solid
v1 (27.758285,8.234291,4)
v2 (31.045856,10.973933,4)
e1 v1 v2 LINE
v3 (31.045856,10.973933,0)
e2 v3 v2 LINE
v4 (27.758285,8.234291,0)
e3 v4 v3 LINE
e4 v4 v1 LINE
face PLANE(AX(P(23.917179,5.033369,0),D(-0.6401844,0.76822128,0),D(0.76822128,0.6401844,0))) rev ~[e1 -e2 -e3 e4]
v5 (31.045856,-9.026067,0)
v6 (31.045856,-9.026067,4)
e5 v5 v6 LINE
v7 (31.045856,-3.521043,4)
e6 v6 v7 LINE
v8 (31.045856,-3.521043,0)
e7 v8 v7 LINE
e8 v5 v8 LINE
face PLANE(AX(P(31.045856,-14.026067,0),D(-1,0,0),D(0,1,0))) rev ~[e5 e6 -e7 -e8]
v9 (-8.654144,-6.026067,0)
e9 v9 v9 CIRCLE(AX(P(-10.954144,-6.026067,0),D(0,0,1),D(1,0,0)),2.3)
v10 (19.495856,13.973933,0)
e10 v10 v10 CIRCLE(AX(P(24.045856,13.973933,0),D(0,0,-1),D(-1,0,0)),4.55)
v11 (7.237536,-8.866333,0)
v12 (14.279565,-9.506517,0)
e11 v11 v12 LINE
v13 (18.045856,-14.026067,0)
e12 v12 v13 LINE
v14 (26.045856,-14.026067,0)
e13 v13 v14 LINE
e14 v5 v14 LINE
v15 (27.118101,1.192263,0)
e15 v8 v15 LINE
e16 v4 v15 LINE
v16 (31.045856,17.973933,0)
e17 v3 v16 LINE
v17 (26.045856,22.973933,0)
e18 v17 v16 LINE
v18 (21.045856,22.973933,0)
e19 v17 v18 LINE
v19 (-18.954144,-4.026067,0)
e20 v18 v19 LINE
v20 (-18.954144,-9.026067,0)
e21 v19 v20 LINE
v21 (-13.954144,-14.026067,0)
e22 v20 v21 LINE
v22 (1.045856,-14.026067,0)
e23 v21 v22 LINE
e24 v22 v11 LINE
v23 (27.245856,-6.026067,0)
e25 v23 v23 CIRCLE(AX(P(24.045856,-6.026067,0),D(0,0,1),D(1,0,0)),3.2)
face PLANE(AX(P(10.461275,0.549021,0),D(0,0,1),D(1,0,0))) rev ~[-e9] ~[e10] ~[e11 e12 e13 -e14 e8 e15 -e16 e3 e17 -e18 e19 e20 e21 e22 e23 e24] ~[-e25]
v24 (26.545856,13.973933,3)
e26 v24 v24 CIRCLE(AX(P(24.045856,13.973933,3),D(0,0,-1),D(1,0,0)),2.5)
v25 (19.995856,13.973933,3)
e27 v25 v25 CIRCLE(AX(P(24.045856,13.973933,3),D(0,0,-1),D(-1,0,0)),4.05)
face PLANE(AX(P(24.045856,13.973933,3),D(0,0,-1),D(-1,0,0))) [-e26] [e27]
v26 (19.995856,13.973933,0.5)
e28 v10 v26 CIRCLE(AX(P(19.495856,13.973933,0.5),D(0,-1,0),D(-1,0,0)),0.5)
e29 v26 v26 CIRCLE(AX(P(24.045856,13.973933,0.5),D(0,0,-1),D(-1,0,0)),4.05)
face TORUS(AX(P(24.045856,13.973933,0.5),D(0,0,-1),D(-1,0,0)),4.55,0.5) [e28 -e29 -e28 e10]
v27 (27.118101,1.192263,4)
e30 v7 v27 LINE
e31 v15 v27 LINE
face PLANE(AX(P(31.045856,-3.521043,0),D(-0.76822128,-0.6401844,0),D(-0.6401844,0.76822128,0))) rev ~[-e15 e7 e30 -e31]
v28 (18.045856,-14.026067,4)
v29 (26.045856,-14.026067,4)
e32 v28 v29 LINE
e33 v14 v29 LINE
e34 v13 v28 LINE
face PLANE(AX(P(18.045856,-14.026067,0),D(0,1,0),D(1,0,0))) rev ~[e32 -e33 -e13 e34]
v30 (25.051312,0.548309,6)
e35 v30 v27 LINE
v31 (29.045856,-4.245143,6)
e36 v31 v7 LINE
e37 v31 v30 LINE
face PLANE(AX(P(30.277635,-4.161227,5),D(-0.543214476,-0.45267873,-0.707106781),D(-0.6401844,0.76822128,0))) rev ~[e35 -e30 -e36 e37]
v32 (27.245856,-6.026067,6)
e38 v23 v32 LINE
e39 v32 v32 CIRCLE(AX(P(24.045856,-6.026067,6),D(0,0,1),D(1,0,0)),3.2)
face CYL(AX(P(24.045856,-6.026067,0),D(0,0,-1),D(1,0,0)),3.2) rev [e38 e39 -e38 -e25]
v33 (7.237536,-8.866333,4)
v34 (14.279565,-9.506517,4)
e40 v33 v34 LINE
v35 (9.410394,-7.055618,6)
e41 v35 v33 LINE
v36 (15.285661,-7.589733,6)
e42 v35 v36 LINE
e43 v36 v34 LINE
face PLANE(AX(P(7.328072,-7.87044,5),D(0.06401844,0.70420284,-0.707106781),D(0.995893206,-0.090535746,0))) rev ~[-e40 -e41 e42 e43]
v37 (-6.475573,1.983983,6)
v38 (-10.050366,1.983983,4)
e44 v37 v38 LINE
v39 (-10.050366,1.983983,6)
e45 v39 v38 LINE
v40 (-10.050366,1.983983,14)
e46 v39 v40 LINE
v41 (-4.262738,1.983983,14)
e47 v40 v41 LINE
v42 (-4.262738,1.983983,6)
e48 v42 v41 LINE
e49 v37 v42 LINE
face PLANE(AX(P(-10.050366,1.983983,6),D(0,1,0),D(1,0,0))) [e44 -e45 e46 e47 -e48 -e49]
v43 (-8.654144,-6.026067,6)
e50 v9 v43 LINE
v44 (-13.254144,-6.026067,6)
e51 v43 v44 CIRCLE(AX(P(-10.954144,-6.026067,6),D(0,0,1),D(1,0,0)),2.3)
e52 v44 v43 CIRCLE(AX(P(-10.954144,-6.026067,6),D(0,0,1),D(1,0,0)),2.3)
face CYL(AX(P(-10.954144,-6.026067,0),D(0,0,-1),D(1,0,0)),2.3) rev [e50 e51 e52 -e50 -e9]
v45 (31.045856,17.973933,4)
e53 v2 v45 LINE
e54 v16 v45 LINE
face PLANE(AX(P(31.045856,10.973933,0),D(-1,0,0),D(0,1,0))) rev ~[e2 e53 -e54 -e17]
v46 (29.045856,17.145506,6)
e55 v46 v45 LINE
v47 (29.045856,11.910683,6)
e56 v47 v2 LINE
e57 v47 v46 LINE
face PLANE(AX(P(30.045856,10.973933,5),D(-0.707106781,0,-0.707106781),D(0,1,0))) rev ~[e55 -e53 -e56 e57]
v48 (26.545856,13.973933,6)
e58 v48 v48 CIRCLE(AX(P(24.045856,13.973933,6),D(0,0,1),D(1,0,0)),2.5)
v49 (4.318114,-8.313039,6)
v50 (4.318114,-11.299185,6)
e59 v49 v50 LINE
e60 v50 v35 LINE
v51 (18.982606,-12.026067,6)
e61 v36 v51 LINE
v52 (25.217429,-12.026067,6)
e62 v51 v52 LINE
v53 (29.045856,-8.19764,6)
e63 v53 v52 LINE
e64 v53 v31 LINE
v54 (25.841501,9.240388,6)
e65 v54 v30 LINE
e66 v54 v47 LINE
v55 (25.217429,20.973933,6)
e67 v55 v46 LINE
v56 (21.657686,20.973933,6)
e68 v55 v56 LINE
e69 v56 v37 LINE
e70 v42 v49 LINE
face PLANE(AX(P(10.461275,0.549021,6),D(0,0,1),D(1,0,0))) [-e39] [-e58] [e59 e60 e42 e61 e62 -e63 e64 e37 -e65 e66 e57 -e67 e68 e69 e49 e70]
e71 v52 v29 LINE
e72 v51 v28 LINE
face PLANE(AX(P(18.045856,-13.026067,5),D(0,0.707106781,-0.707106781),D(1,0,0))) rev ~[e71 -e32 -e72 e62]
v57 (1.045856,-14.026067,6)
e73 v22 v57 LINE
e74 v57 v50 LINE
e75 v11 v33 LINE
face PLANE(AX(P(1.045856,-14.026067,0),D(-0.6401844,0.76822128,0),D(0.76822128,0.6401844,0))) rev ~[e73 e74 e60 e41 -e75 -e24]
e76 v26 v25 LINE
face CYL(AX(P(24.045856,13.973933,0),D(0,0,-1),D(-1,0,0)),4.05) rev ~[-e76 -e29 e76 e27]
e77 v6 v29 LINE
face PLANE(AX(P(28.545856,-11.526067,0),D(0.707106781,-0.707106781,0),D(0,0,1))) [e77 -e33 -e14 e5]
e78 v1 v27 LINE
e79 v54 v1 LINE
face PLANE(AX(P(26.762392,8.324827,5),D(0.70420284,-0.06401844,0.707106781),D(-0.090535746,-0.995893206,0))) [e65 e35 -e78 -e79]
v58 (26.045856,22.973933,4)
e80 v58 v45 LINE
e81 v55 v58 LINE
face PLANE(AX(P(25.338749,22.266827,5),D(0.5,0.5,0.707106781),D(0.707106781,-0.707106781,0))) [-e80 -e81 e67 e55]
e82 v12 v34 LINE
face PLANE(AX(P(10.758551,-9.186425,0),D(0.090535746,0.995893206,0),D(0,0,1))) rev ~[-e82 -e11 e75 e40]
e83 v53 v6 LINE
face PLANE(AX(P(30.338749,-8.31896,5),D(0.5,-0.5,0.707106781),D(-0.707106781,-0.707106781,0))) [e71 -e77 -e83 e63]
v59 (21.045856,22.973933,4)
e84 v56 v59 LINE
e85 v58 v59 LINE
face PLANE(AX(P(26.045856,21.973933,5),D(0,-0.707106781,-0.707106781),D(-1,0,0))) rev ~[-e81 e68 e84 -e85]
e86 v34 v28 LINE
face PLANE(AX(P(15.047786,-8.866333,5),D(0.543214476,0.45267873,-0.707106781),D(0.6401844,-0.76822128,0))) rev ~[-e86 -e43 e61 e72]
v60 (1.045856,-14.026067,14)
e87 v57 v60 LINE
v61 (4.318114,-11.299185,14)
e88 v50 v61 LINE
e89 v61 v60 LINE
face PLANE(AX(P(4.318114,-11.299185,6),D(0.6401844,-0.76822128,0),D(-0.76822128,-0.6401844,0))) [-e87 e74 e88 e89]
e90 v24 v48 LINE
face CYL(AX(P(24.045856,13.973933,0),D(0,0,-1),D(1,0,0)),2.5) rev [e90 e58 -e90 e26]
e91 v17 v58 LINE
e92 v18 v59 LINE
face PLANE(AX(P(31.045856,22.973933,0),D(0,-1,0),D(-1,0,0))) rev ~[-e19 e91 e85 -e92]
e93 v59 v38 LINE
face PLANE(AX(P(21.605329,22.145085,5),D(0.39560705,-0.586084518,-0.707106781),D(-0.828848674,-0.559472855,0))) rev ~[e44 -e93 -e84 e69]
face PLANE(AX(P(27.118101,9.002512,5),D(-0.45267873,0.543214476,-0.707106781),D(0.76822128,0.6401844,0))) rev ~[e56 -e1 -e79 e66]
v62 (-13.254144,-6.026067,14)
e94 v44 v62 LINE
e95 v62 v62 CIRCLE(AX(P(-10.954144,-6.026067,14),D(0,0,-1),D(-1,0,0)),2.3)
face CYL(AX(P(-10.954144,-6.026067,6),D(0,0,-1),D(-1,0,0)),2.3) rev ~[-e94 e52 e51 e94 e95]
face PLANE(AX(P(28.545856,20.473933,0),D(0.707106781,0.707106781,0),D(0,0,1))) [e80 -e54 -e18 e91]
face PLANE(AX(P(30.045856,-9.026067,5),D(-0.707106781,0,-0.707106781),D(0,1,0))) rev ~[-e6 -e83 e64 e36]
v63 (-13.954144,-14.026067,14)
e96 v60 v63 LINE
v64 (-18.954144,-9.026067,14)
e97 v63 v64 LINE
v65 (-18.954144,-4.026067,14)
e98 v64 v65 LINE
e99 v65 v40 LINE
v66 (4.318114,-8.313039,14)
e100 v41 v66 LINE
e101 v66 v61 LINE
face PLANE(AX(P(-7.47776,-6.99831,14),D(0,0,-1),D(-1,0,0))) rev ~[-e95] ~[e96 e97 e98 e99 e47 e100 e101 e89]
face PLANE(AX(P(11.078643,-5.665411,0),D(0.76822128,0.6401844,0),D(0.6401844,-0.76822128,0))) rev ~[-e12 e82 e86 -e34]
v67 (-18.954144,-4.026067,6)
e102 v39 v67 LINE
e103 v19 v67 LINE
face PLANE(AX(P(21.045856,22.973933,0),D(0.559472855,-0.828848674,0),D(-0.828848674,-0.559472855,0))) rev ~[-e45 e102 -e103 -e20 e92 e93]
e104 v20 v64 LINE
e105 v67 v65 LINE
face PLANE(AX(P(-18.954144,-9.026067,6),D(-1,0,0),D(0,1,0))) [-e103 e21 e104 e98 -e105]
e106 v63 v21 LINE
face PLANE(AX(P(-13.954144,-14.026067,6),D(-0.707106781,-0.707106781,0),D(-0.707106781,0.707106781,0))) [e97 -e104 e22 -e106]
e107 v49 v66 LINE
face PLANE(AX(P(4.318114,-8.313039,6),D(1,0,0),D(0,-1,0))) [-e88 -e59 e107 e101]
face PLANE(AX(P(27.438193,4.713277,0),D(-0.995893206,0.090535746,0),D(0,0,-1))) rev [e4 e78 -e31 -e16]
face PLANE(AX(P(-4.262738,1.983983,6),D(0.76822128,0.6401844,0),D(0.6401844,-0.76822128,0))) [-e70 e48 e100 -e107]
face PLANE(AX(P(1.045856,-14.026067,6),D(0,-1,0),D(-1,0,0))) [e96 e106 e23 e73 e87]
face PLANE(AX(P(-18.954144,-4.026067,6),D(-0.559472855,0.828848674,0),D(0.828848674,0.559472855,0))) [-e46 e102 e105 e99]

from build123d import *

# Parameters (mm, degrees)
SKETCH_1_R          = 2.3
SKETCH_1_R_2        = 3.2
SKETCH_1_R_3        = 2.5
EXTRUDE_1_DEPTH     = 6
CHAMFER_1_SIZE      = 5
EXTRUDE_2_DEPTH     = 8
SKETCH_4_R          = 2.3
CUT_EXTRUDE_1_DEPTH = 8
CHAMFER_3_SIZE      = 2
SKETCH_5_R          = 4.05
CUT_EXTRUDE_2_DEPTH = 3
FILLET_1_R          = 0.5


with BuildPart() as part:
    # 草图1 → 凸台-拉伸1 (new body)
    with BuildSketch(Plane.XY):
        Polygon((21.045855827, 22.973933312), (-18.954144173, -4.026066688), (-18.954144173, -14.026066688), (1.045855827, -14.026066688), (11.078642712, -5.66541095), (18.045855827, -14.026066688), (31.045855827, -14.026066688), (31.045855827, -3.521043084), (23.917178911, 5.033369215), (31.045855827, 10.973933312), (31.045855827, 22.973933312), align=None)
        with Locations((-10.954144173, -6.026066688)):
            Circle(SKETCH_1_R, mode=Mode.SUBTRACT)
        with Locations((24.045855827, -6.026066688)):
            Circle(SKETCH_1_R_2, mode=Mode.SUBTRACT)
        with Locations((24.045855827, 13.973933312)):
            Circle(SKETCH_1_R_3, mode=Mode.SUBTRACT)
    extrude(amount=EXTRUDE_1_DEPTH)

    # 倒角1
    chamfer_1_edges = [part.edges().sort_by_distance(p)[0] for p in [
        (23.917178911, 5.033369215, 3),
        (31.045855827, -14.026066688, 3),
        (11.078642712, -5.66541095, 3),
        (-18.954144173, -14.026066688, 3),
        (31.045855827, 22.973933312, 3),
    ]]
    chamfer(chamfer_1_edges, length=CHAMFER_1_SIZE)

    # 草图3 → 凸台-拉伸2 (add)
    with BuildSketch(Plane.XY.offset(6)):
        Polygon((-10.05036615, 1.983983477), (-4.262738325, 1.983983477), (4.318113554, -8.313038778), (4.318113554, -11.299185249), (1.045855827, -14.026066688), (-13.954144173, -14.026066688), (-18.954144173, -9.026066688), (-18.954144173, -4.026066688), align=None)
    extrude(amount=EXTRUDE_2_DEPTH)

    # 草图4 → 切除-拉伸1 (cut)
    with BuildSketch(Plane(origin=(0, 0, 6), x_dir=(-1, 0, 0), z_dir=(0, 0, -1))):
        with Locations((10.954144173, -6.026066688)):
            Circle(SKETCH_4_R)
    extrude(amount=-CUT_EXTRUDE_1_DEPTH, mode=Mode.SUBTRACT)

    # 倒角3
    chamfer_3_edges = [part.edges().sort_by_distance(p)[0] for p in [
        (10.758550512, -9.186425149, 6),
        (16.162710269, -11.766292018, 6),
        (22.045855827, -14.026066688, 6),
        (28.545855827, -11.526066688, 6),
        (31.045855827, -6.273554886, 6),
        (29.081978368, -1.164390133, 6),
        (27.438193109, 4.713277016, 6),
        (5.497744838, 12.478958395, 6),
        (23.545855827, 22.973933312, 6),
        (28.545855827, 20.473933312, 6),
        (31.045855827, 14.473933312, 6),
        (29.402070568, 9.604112263, 6),
    ]]
    chamfer(chamfer_3_edges, length=CHAMFER_3_SIZE)

    # 草图5 → 切除-拉伸2 (cut)
    with BuildSketch(Plane(origin=(0, 0, 0), x_dir=(-1, 0, 0), z_dir=(0, 0, -1))):
        with Locations((-24.045855827, 13.973933312)):
            Circle(SKETCH_5_R)
    extrude(amount=-CUT_EXTRUDE_2_DEPTH, mode=Mode.SUBTRACT)

    # 圆角1
    fillet_1_edges = [part.edges().sort_by_distance(p)[0] for p in [
        (28.095855827, 13.973933312, 0),
    ]]
    fillet(fillet_1_edges, radius=FILLET_1_R)


solid = part.part
